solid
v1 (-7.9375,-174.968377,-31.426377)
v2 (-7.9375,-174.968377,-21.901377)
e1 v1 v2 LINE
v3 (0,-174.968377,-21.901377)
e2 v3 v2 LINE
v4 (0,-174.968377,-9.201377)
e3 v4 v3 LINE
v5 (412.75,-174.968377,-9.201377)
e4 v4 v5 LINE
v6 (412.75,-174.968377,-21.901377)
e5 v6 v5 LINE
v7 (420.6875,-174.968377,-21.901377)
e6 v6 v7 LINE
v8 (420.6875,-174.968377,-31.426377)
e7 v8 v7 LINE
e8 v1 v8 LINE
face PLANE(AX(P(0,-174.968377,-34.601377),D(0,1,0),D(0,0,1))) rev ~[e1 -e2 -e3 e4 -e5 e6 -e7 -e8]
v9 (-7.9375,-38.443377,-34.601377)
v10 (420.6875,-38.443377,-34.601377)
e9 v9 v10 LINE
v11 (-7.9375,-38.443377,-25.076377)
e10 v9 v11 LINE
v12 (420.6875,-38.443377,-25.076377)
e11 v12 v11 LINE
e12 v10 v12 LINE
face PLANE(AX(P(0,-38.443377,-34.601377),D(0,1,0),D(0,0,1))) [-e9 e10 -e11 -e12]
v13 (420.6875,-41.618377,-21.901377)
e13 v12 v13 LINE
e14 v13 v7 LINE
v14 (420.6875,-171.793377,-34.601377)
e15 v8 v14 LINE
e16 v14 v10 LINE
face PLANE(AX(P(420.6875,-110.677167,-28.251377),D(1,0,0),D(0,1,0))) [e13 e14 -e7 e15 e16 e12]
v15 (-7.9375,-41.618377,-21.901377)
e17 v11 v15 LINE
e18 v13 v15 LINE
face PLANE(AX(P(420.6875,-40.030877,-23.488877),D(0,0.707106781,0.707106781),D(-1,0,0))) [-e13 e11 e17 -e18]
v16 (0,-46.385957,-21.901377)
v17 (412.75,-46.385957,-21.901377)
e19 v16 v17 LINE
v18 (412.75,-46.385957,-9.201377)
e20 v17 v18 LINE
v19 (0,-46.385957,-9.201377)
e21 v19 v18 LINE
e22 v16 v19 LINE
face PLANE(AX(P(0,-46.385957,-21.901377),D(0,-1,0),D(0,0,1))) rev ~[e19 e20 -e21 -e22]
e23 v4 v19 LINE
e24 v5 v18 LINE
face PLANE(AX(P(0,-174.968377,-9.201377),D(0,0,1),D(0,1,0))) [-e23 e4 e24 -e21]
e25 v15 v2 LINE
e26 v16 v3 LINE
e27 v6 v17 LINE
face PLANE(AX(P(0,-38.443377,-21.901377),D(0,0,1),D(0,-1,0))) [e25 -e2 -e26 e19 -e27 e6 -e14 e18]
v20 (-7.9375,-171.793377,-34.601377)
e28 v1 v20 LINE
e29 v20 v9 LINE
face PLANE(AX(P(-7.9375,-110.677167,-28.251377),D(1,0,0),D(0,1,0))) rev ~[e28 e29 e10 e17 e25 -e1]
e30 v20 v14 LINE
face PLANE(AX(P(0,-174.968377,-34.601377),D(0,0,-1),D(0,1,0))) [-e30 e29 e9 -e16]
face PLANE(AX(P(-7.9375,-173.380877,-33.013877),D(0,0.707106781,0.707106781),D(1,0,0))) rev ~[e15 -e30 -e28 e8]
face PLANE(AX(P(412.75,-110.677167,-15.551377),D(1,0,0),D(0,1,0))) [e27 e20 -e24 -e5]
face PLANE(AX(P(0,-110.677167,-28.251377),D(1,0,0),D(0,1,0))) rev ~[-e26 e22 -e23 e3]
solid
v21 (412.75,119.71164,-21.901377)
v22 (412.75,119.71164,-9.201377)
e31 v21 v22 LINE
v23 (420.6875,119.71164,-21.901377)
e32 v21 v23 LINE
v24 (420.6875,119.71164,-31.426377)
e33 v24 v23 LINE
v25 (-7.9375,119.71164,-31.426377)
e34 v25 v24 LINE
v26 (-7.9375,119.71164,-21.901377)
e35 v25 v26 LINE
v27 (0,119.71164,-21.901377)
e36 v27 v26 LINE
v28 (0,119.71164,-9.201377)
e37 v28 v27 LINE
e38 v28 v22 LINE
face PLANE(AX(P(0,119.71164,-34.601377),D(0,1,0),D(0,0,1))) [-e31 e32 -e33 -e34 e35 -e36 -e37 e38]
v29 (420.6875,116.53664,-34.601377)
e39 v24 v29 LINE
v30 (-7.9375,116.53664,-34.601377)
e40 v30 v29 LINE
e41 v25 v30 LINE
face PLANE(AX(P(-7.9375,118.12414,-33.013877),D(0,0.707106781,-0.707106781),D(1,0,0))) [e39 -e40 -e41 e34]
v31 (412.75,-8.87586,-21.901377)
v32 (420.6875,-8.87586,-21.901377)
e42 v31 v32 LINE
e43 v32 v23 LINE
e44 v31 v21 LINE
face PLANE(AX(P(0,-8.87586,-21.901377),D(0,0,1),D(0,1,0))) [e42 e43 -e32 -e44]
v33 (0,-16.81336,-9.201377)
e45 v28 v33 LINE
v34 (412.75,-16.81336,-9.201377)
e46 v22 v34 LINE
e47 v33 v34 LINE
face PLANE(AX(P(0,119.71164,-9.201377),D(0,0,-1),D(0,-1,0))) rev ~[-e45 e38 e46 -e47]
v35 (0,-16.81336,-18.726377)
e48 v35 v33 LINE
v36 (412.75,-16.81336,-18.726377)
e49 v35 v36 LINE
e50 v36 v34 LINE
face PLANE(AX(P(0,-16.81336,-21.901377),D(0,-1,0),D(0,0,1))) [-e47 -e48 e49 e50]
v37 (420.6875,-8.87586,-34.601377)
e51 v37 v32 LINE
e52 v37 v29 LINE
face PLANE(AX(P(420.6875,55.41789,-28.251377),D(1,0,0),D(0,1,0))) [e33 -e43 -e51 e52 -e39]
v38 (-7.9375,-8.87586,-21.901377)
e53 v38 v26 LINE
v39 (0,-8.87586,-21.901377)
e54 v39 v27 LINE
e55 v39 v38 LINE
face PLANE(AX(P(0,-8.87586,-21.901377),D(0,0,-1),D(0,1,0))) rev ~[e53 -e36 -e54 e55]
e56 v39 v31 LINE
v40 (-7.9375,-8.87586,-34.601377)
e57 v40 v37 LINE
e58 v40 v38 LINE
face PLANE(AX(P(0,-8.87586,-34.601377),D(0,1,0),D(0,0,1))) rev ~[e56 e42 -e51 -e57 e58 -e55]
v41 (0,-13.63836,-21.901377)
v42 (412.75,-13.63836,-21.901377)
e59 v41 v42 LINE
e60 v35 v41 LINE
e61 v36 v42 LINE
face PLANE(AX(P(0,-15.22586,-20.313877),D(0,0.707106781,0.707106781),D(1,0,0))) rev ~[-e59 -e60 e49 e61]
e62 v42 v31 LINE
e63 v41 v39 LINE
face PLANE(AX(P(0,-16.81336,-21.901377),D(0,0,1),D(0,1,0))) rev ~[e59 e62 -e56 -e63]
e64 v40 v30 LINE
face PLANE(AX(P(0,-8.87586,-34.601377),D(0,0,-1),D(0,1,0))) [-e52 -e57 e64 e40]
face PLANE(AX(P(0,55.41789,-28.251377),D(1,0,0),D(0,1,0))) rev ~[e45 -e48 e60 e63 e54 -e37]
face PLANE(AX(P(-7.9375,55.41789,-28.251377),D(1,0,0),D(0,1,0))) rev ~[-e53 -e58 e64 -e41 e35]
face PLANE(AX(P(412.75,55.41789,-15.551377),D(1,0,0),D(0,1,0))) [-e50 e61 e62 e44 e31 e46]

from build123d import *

# Parameters (mm, degrees)
F0_W          = 128.5875
F0_H          = 12.7
F0_W_2        = 7.9375
F0_W_3        = 128.58242
F1_DEPTH      = 412.75
F2_DEPTH      = 420.6875
F2_DEPTH_BACK = 7.9375
F0_W_4        = 7.94258
F3_DEPTH      = 420.6875
F3_DEPTH_BACK = 7.9375
F4_SIZE       = 3.175


with BuildPart() as f1:
    # F0 (on Right) → F1 (new body)
    with BuildSketch(Plane.YZ):
        with Locations((55.41789, -15.551377)):
            Rectangle(F0_W, F0_H)
        with Locations((-12.84461, -15.551377)):
            Rectangle(F0_W_2, F0_H)
        with Locations((-110.677167, -15.551377)):
            Rectangle(F0_W_3, F0_H)
    extrude(amount=F1_DEPTH)

    # F0 (on Right) → F2 (join, two sides)
    with BuildSketch(Plane.YZ) as f2_sk:
        with Locations((55.41789, -28.251377)):
            Rectangle(F0_W, F0_H)
    extrude(amount=F2_DEPTH)
    extrude(f2_sk.sketch, amount=-F2_DEPTH_BACK)

    # F0 (on Right) → F3 (join, two sides)
    with BuildSketch(Plane.YZ) as f3_sk:
        with Locations((-110.677167, -28.251377)):
            Rectangle(F0_W_3, F0_H)
        with Locations((-42.414667, -28.251377)):
            Rectangle(F0_W_4, F0_H)
    extrude(amount=F3_DEPTH)
    extrude(f3_sk.sketch, amount=-F3_DEPTH_BACK)

    # F4
    f4_edges = [f1.edges().sort_by_distance(p)[0] for p in [
        (206.375, -38.443377, -21.901377),
        (206.375, -16.81336, -21.901377),
        (206.375, 119.71164, -34.601377),
        (206.375, -174.968377, -34.601377),
    ]]
    chamfer(f4_edges, length=F4_SIZE)


solid = f1.part
